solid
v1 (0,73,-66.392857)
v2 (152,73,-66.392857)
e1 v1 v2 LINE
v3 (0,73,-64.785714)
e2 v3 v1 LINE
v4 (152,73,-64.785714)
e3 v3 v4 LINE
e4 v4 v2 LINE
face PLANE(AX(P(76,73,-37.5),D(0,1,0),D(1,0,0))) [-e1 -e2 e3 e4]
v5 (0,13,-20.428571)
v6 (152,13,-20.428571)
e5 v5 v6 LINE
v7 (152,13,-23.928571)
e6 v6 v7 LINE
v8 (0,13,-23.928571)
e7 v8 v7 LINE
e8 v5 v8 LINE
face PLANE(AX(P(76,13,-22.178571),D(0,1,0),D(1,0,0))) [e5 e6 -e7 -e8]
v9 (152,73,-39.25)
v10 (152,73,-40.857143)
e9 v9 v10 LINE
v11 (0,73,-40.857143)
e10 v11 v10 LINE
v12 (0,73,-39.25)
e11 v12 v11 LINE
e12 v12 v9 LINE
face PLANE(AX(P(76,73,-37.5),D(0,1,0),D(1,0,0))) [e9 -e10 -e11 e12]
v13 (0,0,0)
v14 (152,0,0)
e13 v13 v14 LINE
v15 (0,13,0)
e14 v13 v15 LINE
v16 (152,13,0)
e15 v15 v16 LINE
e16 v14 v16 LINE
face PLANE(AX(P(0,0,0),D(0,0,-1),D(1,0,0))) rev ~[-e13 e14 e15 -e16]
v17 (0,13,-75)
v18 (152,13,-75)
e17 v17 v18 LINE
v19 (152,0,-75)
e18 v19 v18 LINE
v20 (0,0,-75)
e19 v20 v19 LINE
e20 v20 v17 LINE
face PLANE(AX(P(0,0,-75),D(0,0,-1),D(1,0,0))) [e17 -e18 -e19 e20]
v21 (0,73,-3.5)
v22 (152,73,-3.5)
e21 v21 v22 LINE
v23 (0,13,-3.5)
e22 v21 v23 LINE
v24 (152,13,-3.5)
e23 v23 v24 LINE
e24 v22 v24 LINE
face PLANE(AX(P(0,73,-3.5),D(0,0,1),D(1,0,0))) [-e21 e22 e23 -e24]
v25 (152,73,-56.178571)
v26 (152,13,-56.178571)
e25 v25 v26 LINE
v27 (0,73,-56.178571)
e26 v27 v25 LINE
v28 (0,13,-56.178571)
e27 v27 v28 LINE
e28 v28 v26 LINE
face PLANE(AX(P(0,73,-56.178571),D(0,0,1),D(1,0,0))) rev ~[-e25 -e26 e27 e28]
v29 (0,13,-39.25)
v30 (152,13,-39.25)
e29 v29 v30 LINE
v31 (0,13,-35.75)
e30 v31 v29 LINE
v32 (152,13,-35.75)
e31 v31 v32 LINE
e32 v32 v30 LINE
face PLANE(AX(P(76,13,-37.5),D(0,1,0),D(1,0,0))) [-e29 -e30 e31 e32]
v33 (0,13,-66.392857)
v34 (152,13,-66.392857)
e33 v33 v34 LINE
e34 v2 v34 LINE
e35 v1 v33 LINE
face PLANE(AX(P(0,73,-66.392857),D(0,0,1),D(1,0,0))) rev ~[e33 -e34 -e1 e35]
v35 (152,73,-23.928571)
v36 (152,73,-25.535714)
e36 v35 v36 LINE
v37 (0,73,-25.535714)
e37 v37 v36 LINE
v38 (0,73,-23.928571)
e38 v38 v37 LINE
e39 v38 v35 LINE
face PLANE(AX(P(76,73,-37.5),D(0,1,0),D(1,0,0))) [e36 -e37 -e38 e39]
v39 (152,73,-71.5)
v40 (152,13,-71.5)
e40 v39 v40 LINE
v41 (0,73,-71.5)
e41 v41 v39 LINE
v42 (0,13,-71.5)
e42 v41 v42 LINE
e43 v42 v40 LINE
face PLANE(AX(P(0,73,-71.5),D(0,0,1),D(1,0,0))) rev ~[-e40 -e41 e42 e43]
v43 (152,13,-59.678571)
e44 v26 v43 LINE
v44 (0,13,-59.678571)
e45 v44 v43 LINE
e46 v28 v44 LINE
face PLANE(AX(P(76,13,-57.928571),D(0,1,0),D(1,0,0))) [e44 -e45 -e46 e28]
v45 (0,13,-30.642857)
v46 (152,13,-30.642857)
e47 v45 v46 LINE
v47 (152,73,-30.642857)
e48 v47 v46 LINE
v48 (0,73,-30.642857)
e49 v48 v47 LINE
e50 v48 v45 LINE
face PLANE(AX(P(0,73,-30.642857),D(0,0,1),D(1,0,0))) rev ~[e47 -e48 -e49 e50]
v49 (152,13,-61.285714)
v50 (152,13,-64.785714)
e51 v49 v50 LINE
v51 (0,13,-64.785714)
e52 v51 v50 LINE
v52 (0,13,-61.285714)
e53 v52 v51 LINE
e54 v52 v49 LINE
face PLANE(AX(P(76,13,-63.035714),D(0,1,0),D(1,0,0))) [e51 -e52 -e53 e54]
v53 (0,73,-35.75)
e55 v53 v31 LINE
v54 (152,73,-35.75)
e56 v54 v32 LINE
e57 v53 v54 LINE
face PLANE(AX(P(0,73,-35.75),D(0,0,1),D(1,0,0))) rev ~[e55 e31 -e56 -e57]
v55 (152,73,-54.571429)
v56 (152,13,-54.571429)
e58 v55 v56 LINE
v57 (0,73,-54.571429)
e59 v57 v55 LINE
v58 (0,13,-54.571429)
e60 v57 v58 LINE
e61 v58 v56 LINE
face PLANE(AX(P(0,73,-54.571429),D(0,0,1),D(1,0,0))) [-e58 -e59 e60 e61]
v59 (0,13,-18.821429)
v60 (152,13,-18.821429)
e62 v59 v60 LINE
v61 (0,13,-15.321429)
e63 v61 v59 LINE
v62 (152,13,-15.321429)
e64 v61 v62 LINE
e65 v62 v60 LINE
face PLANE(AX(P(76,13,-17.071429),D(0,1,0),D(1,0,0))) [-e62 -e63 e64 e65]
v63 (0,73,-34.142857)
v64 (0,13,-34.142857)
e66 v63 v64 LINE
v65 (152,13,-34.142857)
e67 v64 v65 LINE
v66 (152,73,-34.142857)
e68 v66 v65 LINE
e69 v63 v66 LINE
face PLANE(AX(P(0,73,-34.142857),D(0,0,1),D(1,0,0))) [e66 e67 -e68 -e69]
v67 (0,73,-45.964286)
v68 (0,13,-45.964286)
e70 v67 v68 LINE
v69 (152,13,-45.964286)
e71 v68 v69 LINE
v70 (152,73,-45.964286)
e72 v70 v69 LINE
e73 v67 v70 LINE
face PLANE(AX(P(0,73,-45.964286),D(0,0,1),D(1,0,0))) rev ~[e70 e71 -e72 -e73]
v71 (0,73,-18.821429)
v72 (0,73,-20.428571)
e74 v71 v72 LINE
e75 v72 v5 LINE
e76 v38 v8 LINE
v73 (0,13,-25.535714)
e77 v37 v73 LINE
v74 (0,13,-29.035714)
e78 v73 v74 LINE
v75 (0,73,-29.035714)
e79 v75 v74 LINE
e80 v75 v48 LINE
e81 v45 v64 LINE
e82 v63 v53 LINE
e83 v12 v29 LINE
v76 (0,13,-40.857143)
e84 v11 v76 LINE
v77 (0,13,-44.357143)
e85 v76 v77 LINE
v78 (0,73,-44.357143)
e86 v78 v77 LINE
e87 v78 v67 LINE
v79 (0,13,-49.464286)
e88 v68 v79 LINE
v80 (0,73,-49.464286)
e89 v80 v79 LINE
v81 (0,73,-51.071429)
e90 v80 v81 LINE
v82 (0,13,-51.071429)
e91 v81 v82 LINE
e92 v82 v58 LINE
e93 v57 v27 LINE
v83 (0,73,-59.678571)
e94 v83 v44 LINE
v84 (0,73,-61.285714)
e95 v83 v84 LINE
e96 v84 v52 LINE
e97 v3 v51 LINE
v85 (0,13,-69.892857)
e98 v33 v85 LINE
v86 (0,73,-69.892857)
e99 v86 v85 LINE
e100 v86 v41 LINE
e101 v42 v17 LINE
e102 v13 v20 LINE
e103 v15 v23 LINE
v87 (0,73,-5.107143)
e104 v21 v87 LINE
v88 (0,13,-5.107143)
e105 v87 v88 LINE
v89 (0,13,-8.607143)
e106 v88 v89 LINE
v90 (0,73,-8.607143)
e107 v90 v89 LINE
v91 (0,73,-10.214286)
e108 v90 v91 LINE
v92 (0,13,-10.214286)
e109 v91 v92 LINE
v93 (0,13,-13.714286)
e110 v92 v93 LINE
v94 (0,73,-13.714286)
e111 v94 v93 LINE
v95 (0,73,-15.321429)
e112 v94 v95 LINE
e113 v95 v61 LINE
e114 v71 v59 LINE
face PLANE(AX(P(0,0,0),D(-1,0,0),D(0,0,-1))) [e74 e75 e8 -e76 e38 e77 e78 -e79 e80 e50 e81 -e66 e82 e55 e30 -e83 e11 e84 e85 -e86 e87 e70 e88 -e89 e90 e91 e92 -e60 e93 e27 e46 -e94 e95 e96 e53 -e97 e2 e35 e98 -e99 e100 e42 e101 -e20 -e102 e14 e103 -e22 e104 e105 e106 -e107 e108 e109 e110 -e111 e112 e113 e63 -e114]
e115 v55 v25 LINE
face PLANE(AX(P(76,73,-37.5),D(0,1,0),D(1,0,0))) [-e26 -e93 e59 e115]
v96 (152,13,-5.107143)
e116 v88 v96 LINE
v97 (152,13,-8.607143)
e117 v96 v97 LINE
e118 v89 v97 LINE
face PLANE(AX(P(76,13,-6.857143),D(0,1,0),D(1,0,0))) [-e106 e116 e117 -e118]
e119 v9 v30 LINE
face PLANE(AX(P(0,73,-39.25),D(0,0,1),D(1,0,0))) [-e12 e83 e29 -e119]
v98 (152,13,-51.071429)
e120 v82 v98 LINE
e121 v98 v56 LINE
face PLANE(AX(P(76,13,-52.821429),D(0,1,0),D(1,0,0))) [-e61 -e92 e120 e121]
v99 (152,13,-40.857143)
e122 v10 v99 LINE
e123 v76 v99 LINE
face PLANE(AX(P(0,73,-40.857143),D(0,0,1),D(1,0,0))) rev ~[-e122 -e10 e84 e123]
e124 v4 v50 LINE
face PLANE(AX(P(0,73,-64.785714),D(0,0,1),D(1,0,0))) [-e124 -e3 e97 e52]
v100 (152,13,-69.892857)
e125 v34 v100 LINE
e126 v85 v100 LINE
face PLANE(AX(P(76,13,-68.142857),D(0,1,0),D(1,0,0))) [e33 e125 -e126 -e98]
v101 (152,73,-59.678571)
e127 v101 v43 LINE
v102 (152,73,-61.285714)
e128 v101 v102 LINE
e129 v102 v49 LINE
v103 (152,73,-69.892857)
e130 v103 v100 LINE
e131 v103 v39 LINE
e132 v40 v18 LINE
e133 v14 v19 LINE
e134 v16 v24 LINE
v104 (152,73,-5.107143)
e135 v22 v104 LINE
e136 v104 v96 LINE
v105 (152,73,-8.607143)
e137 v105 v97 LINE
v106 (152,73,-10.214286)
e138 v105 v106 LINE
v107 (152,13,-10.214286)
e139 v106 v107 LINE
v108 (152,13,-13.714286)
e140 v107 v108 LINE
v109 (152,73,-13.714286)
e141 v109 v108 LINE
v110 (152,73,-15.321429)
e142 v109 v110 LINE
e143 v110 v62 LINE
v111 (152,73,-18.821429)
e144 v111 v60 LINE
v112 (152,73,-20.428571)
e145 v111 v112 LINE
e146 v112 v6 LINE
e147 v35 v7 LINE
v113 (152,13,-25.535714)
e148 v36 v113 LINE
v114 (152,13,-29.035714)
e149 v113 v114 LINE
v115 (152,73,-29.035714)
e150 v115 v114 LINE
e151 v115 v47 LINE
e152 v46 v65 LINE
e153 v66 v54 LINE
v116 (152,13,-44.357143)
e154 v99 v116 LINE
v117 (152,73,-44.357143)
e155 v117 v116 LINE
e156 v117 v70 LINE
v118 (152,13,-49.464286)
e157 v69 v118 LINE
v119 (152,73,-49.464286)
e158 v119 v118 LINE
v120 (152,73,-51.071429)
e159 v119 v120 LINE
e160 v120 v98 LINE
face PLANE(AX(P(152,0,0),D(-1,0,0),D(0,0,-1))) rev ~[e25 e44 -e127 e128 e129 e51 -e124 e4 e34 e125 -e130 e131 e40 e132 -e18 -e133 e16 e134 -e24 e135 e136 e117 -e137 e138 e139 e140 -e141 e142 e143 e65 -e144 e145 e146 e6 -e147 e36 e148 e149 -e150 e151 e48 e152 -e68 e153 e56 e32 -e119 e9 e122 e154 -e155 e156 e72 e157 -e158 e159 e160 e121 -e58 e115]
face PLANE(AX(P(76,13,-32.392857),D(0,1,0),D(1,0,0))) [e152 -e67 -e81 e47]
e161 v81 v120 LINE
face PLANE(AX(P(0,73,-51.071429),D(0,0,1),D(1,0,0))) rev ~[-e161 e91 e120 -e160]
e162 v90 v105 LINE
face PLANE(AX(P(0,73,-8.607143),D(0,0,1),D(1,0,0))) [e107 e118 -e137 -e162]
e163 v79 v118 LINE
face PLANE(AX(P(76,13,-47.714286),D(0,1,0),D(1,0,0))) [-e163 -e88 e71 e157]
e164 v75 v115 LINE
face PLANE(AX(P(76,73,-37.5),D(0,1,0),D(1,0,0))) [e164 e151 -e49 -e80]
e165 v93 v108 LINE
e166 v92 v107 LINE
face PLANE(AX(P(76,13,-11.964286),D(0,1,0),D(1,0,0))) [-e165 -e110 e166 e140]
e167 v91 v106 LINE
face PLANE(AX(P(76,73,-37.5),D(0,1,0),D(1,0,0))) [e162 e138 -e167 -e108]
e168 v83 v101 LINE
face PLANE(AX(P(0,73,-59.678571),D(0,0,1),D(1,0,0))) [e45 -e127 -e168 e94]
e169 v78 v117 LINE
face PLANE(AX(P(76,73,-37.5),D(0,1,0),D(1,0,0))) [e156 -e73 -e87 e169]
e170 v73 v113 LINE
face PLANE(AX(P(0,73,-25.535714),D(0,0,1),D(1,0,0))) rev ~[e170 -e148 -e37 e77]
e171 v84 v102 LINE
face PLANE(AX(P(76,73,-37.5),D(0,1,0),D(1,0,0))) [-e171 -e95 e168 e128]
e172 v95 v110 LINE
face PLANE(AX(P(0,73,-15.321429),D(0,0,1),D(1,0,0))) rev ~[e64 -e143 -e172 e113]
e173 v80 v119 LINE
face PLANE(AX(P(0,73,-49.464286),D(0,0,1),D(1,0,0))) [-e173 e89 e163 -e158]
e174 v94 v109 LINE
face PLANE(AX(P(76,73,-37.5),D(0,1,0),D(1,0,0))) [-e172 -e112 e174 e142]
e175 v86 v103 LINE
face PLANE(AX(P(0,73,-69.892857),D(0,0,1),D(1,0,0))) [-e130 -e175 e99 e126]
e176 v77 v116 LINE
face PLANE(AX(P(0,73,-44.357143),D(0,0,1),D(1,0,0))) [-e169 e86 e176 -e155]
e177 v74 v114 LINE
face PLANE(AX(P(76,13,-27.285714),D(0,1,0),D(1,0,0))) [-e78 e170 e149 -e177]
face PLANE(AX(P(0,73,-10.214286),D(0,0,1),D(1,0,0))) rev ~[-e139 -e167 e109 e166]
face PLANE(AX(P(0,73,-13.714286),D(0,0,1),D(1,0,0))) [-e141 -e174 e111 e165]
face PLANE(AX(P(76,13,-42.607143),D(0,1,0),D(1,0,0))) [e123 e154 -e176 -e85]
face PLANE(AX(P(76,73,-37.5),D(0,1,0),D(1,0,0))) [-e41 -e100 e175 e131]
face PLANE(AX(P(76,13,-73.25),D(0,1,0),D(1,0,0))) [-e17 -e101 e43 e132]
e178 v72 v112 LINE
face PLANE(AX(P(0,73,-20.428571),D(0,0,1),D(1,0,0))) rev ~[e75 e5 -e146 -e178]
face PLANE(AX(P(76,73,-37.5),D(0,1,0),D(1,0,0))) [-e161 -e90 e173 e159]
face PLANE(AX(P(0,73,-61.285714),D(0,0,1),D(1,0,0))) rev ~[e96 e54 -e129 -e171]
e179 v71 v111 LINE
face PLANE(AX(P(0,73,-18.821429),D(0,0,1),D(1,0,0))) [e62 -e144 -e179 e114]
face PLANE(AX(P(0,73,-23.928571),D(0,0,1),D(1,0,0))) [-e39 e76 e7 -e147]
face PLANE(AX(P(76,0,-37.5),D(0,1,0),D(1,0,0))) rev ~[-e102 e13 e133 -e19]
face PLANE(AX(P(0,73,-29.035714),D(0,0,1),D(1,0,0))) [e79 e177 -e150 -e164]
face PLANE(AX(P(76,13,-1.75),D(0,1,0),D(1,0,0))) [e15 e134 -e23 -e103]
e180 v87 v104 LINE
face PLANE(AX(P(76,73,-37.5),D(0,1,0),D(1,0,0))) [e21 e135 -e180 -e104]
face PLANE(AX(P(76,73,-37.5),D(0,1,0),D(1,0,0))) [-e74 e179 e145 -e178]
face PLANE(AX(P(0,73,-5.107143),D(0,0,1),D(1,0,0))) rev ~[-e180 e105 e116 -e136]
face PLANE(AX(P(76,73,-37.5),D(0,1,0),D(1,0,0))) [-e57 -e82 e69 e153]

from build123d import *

# Parameters (mm, degrees)
SKETCH1_W           = 152
SKETCH1_H           = 75
BOSS_EXTRUDE1_DEPTH = 73
SKETCH2_W           = 152
SKETCH2_H           = 3.5
CUT_EXTRUDE1_DEPTH  = 60


with BuildPart() as part:
    # Sketch1 → Boss-Extrude1 (new body)
    with BuildSketch(Plane(origin=(0, 0, 0), x_dir=(1, 0, 0), z_dir=(0, 1, 0))):
        with Locations((76, 37.5)):
            Rectangle(SKETCH1_W, SKETCH1_H)
    extrude(amount=BOSS_EXTRUDE1_DEPTH)

    # Sketch2 → Cut-Extrude1 (cut)
    with BuildSketch(Plane(origin=(0, 73, 0), x_dir=(1, 0, 0), z_dir=(0, 1, 0))):
        with Locations((76, 1.75)):
            Rectangle(SKETCH2_W, SKETCH2_H)
        with Locations((76, 6.857142857)):
            Rectangle(SKETCH2_W, SKETCH2_H)
        with Locations((76, 11.964285714)):
            Rectangle(SKETCH2_W, SKETCH2_H)
        with Locations((76, 17.071428571)):
            Rectangle(SKETCH2_W, SKETCH2_H)
        with Locations((76, 22.178571429)):
            Rectangle(SKETCH2_W, SKETCH2_H)
        with Locations((76, 27.285714286)):
            Rectangle(SKETCH2_W, SKETCH2_H)
        with Locations((76, 32.392857143)):
            Rectangle(SKETCH2_W, SKETCH2_H)
        with Locations((76, 37.5)):
            Rectangle(SKETCH2_W, SKETCH2_H)
        with Locations((76, 42.607142857)):
            Rectangle(SKETCH2_W, SKETCH2_H)
        with Locations((76, 47.714285714)):
            Rectangle(SKETCH2_W, SKETCH2_H)
        with Locations((76, 52.821428571)):
            Rectangle(SKETCH2_W, SKETCH2_H)
        with Locations((76, 57.928571429)):
            Rectangle(SKETCH2_W, SKETCH2_H)
        with Locations((76, 63.035714286)):
            Rectangle(SKETCH2_W, SKETCH2_H)
        with Locations((76, 68.142857143)):
            Rectangle(SKETCH2_W, SKETCH2_H)
        with Locations((76, 73.25)):
            Rectangle(SKETCH2_W, SKETCH2_H)
    extrude(amount=-CUT_EXTRUDE1_DEPTH, mode=Mode.SUBTRACT)


solid = part.part
